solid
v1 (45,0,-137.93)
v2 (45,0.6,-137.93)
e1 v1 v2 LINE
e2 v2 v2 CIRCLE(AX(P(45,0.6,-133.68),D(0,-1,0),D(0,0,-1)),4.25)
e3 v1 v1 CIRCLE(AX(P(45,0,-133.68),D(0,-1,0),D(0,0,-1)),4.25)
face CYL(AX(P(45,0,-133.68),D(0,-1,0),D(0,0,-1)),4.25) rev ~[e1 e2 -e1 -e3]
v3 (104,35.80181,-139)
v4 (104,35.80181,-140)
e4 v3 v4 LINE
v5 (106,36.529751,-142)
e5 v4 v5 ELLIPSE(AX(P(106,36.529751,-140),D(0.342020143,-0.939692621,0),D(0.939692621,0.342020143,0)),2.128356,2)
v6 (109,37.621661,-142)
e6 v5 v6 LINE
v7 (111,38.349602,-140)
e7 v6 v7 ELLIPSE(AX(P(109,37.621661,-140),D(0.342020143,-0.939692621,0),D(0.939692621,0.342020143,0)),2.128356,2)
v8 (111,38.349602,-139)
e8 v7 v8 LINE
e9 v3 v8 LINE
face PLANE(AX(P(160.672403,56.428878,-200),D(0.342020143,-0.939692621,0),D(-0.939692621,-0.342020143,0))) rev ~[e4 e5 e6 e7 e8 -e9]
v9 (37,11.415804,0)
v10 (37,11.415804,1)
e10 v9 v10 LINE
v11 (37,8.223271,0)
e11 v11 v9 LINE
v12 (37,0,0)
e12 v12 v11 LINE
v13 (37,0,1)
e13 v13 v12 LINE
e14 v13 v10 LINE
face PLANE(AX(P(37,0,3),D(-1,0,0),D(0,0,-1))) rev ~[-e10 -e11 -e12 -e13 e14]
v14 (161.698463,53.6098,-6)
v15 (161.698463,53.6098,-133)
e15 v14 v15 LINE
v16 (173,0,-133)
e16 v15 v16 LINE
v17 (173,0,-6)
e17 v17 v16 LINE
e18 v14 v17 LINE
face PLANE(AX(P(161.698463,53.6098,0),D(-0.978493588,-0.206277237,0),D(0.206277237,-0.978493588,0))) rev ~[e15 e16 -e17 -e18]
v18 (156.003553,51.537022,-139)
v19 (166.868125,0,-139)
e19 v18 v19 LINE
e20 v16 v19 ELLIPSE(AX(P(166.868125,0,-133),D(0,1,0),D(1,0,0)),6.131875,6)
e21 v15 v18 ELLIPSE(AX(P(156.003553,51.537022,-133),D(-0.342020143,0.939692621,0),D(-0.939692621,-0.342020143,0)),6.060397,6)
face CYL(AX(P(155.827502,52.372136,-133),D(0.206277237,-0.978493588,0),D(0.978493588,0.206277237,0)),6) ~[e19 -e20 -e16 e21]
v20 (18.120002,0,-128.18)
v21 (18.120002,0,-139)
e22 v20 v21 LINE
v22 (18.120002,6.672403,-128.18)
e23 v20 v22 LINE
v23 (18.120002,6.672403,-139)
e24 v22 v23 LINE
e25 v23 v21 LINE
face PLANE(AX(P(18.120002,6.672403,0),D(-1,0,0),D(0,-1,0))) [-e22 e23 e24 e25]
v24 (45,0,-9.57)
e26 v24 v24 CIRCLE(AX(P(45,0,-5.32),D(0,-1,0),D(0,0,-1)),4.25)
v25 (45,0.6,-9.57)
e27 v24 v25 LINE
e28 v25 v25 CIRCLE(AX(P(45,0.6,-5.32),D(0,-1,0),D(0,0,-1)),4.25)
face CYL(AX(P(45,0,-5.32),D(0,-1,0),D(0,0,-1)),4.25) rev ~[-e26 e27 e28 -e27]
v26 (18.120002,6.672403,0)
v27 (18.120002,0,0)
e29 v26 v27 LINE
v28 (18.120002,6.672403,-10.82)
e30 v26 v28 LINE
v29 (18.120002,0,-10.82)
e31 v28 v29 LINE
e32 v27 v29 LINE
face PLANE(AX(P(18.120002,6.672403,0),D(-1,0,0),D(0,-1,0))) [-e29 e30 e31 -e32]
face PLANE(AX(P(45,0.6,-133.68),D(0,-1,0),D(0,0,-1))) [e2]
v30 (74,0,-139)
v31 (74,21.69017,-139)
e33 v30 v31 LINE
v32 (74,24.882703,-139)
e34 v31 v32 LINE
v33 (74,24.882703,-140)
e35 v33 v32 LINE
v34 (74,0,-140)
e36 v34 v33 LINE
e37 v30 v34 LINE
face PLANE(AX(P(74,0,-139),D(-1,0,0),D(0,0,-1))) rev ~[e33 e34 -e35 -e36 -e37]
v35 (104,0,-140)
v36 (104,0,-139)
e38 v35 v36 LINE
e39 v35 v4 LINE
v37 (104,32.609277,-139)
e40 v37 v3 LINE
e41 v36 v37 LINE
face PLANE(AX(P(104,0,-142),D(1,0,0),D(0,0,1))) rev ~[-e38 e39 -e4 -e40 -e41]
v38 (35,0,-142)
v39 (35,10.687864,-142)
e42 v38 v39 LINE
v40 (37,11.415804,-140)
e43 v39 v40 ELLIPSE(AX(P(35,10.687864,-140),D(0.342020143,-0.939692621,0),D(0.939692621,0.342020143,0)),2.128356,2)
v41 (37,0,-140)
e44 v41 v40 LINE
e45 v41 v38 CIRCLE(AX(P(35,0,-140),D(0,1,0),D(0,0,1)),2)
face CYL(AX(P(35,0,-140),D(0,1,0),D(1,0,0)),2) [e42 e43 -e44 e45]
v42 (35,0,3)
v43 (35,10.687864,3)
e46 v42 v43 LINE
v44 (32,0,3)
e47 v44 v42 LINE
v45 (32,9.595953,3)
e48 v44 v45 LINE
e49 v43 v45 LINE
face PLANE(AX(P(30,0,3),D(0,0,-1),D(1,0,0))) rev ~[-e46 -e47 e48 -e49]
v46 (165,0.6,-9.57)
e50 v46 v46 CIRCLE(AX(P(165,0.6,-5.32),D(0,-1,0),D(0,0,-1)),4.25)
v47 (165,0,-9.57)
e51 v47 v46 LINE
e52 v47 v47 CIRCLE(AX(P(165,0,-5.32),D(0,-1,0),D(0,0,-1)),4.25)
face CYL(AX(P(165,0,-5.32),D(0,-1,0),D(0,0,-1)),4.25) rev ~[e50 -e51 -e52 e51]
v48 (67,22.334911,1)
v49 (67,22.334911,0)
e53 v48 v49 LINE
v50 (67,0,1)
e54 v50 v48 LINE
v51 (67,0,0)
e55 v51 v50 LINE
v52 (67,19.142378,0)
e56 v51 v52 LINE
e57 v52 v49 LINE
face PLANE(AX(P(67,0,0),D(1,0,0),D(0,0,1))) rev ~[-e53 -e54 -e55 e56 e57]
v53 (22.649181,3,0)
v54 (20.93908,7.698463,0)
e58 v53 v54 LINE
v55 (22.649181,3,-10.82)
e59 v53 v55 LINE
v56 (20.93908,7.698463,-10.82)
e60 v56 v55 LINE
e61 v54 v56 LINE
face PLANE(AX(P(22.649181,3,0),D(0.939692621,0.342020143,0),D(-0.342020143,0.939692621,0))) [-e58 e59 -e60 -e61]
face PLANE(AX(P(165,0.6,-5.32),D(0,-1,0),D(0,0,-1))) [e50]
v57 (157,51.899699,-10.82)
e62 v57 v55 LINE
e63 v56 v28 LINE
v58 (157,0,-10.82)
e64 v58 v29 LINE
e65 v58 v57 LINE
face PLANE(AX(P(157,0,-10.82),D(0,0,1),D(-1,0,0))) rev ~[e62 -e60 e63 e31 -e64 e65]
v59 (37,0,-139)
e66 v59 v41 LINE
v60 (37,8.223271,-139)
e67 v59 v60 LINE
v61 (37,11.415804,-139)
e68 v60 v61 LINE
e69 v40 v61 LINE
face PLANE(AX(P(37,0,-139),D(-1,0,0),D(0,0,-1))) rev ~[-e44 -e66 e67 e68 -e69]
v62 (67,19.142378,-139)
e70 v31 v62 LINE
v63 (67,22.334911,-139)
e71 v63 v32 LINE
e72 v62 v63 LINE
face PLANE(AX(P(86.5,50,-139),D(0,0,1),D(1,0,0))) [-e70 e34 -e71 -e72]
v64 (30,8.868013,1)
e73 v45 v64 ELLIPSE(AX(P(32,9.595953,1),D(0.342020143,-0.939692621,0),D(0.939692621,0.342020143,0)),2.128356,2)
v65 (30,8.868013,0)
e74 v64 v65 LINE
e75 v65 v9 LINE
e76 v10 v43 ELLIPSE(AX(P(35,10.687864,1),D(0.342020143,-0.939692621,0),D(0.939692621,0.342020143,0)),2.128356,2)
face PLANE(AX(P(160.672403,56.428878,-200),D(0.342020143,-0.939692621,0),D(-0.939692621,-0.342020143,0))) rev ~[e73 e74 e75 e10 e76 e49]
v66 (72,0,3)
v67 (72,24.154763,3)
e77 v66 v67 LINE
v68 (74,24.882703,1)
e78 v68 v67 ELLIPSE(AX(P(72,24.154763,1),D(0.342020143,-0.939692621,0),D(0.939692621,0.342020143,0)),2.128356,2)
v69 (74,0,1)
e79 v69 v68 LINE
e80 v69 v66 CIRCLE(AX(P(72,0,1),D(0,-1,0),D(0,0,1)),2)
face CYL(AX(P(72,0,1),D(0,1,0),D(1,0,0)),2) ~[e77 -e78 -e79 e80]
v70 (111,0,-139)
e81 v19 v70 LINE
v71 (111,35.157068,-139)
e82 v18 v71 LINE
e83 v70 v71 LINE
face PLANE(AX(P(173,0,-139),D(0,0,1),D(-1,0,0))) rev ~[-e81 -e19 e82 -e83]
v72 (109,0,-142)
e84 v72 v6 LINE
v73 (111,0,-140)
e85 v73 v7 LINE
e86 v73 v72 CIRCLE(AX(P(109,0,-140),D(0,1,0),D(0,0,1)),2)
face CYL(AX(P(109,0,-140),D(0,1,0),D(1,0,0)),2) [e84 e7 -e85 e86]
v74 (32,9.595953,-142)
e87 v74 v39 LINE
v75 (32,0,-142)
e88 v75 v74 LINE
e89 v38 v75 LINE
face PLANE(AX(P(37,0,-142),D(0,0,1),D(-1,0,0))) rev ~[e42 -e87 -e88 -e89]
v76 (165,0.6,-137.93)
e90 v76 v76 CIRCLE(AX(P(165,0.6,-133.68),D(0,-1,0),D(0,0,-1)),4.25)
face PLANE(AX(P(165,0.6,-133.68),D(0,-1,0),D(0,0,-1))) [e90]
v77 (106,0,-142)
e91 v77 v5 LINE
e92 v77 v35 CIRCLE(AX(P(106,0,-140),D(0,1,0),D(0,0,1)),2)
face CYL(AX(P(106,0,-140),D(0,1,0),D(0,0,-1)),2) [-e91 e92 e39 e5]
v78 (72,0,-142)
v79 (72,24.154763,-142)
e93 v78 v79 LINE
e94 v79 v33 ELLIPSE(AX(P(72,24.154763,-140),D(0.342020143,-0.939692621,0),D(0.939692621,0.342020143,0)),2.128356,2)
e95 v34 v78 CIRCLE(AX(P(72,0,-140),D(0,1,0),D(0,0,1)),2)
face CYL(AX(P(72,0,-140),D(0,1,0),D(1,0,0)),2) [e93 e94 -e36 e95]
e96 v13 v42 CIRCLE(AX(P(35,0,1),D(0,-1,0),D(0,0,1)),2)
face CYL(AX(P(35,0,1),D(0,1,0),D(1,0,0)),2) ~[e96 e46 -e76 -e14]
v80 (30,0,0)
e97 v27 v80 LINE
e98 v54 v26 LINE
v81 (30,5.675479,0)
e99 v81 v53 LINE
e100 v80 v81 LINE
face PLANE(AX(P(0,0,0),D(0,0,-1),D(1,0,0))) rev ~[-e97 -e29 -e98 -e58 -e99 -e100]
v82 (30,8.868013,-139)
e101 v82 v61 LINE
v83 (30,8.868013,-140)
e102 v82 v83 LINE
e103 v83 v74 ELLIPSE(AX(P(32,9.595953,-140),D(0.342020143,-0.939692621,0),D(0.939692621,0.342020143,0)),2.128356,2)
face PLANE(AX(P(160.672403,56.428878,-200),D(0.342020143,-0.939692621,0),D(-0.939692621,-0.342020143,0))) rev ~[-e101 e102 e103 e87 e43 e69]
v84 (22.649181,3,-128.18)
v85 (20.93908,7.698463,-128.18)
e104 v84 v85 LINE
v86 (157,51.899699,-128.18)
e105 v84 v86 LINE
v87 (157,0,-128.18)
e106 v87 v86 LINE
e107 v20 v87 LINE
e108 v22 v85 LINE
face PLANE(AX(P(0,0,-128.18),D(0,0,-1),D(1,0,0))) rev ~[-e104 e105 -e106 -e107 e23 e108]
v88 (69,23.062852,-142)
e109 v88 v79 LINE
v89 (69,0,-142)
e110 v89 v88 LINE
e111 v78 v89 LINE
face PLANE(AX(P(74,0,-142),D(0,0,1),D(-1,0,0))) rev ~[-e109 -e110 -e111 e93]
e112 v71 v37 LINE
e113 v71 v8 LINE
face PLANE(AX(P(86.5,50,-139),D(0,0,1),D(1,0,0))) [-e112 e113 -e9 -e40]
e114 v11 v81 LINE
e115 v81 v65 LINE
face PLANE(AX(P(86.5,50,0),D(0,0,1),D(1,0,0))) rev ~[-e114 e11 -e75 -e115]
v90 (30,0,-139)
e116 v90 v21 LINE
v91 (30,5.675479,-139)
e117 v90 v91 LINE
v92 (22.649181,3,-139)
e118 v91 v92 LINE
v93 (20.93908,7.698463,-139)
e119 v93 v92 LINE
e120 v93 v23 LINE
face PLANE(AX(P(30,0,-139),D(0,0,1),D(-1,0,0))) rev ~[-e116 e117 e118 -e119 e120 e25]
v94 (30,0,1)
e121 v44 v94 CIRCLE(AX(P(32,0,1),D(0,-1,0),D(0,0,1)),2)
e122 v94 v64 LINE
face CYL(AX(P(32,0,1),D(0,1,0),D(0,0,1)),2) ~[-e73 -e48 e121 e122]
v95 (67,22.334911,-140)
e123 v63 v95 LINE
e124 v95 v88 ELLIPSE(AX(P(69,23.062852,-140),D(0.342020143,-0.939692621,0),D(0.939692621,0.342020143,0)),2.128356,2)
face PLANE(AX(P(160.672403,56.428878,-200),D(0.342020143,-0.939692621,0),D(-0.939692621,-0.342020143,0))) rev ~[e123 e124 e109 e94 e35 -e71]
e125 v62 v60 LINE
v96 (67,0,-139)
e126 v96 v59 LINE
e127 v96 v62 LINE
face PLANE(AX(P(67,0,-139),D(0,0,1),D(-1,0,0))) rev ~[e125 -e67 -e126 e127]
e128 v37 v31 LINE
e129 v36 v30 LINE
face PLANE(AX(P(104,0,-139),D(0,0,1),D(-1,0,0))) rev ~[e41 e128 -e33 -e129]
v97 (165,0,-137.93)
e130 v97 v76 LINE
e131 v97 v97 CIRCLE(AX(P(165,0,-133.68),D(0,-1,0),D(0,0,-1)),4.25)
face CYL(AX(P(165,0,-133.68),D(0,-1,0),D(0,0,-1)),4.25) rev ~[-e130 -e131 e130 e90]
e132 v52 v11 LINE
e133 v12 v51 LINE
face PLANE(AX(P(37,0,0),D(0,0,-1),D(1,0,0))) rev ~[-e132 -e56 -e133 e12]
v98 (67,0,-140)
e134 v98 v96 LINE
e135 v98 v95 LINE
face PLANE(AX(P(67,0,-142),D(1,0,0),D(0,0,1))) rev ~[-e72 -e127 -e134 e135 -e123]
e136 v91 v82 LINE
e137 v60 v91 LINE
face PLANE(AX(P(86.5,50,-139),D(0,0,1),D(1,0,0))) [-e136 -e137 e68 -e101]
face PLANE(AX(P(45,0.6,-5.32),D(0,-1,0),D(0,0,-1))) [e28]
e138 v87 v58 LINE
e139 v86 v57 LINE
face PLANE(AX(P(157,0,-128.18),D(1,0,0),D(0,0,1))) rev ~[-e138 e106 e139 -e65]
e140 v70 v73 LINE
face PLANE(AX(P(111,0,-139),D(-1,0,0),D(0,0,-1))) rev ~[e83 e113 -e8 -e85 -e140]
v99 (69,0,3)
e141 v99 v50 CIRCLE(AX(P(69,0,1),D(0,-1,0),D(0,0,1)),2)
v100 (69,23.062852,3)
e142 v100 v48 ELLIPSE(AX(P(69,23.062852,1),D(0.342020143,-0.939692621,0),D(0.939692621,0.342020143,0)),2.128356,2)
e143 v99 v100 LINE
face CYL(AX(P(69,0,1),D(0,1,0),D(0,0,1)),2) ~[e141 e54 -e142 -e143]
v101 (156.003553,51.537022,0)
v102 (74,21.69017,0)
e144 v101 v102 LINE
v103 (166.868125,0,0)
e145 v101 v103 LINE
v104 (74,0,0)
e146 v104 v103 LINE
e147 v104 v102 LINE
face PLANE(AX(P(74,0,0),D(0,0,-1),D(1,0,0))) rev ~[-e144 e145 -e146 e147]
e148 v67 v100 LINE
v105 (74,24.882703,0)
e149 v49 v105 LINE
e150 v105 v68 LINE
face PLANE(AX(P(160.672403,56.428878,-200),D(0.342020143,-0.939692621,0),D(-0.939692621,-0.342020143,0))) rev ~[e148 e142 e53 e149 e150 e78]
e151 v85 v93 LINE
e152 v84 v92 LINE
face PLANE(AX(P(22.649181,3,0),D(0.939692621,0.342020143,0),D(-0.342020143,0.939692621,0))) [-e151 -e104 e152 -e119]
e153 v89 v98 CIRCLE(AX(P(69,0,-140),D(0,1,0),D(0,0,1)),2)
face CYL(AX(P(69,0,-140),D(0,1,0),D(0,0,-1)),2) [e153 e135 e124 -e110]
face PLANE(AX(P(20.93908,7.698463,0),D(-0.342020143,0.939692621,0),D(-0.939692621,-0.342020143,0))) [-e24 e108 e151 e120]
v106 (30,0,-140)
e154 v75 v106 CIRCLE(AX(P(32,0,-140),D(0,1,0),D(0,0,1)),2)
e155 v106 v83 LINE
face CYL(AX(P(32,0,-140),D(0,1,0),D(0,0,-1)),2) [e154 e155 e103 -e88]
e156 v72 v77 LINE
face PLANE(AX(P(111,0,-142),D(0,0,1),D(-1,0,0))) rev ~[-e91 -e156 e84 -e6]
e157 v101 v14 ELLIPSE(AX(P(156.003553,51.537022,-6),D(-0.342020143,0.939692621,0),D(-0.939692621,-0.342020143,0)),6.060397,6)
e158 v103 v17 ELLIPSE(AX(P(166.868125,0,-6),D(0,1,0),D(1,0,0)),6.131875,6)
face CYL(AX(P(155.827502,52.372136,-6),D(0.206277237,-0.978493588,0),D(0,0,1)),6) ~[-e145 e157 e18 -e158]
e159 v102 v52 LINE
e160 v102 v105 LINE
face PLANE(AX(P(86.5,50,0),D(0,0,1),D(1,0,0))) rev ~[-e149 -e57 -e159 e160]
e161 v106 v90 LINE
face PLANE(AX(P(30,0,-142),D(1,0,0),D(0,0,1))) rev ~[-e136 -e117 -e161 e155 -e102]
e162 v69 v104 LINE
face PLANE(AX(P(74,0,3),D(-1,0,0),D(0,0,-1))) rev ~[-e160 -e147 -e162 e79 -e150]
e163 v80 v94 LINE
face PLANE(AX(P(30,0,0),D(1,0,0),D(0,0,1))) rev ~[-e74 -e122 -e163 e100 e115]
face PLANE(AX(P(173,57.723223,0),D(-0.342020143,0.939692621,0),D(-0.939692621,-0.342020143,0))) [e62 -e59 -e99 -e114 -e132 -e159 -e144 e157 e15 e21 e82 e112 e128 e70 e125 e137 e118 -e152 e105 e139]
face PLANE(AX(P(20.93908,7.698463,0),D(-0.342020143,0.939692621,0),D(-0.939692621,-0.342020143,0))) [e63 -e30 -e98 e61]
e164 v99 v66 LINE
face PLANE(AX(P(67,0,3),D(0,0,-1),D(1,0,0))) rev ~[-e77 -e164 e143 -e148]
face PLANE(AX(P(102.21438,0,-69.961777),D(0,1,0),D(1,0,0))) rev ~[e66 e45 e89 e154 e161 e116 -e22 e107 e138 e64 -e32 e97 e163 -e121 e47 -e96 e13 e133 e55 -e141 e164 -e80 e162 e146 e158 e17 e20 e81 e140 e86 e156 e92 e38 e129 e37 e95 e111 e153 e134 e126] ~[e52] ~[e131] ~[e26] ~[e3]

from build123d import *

# Parameters (mm, degrees)
BOSS_EXTRUDE1_DEPTH     = 100
TENT_ANGLE_OUTSIDE_W    = 224.378
TENT_ANGLE_OUTSIDE_H    = 151.378
CUT_EXTRUDE1_DEPTH      = 139
CUT_EXTRUDE3_DEPTH      = 200
FILLET1_R               = 6
FILLET2_R               = 6
FEET_INSET_R            = 4.25
CUT_EXTRUDE4_DEPTH      = 0.6
FILLET3_R               = 2
CUT_EXTRUDE5_DEPTH      = 40
CUT_EXTRUDE5_DEPTH_BACK = 200


with BuildPart() as part:
    # base-outline → Boss-Extrude1 (new body)
    with BuildSketch(Plane(origin=(0, 0, 0), x_dir=(1, 0, 0), z_dir=(0, 1, 0))):
        Polygon((0, 10.82), (0, 0), (30, 0), (30, -3), (37, -3), (37, 0), (67, 0), (67, -3), (74, -3), (74, 0), (111, 0), (173, 0), (173, 139), (111, 139), (111, 142), (104, 142), (104, 139), (74, 139), (74, 142), (67, 142), (67, 139), (37, 139), (37, 142), (30, 142), (30, 139), (0, 139), (0, 128.18), (157, 128.18), (157, 10.82), align=None)
    extrude(amount=BOSS_EXTRUDE1_DEPTH)

    # tent-angle outside → Cut-Extrude1 (cut)
    with BuildSketch(Plane.XY):
        with Locations((86.5, 50)):
            Rectangle(TENT_ANGLE_OUTSIDE_W, TENT_ANGLE_OUTSIDE_H)
        Polygon((173, 57.723222932), (22.649180674, 3), (20.939079958, 7.698463104), (18.120002095, 6.672402674), (18.120002095, 0), (22.649180674, 0), (173, 0), align=None, mode=Mode.SUBTRACT)
    extrude(amount=-CUT_EXTRUDE1_DEPTH, mode=Mode.SUBTRACT)

    # middle-angle → Cut-Extrude3 (cut)
    with BuildSketch(Plane.XY):
        Polygon((161.698463104, 53.6097999), (173, 0), (173, 57.723222932), align=None)
    extrude(amount=-CUT_EXTRUDE3_DEPTH, mode=Mode.SUBTRACT)

    # Fillet1
    fillet1_edges = [part.edges().sort_by_distance(p)[0] for p in [
        (167.349231552, 26.80489995, 0),
    ]]
    fillet(fillet1_edges, radius=FILLET1_R)

    # Fillet2
    fillet2_edges = [part.edges().sort_by_distance(p)[0] for p in [
        (167.349231552, 26.80489995, -139),
    ]]
    fillet(fillet2_edges, radius=FILLET2_R)

    # feet-inset → Cut-Extrude4 (cut)
    with BuildSketch(Plane.XZ):
        with Locations(Location((45, -5.32, 0), (0, 0, 270))):
            Circle(FEET_INSET_R)
        with Locations(Location((165, -5.32, 0), (0, 0, 270))):
            Circle(FEET_INSET_R)
        with Locations(Location((165, -133.68, 0), (0, 0, 270))):
            Circle(FEET_INSET_R)
        with Locations(Location((45, -133.68, 0), (0, 0, 270))):
            Circle(FEET_INSET_R)
    extrude(amount=-CUT_EXTRUDE4_DEPTH, mode=Mode.SUBTRACT)

    # Fillet3
    fillet3_edges = [part.edges().sort_by_distance(p)[0] for p in [
        (104, 50, -142),
        (111, 50, -142),
        (74, 50, 3),
        (67, 50, 3),
        (37, 50, 3),
        (30, 50, 3),
        (30, 50, -142),
        (37, 50, -142),
        (67, 50, -142),
        (74, 50, -142),
    ]]
    fillet(fillet3_edges, radius=FILLET3_R)

    # keyboard-seat → Cut-Extrude5 (cut, two sides: drawn at the far end of the back side and taken through both)
    with BuildSketch(Plane.XY.offset(-CUT_EXTRUDE5_DEPTH_BACK)):
        Polygon((126.470388341, 150.398139841), (160.672402674, 56.428877763), (21.623120244, 5.819077862), (-12.578894088, 99.788339941), align=None)
    extrude(amount=CUT_EXTRUDE5_DEPTH + CUT_EXTRUDE5_DEPTH_BACK, mode=Mode.SUBTRACT)


solid = part.part
